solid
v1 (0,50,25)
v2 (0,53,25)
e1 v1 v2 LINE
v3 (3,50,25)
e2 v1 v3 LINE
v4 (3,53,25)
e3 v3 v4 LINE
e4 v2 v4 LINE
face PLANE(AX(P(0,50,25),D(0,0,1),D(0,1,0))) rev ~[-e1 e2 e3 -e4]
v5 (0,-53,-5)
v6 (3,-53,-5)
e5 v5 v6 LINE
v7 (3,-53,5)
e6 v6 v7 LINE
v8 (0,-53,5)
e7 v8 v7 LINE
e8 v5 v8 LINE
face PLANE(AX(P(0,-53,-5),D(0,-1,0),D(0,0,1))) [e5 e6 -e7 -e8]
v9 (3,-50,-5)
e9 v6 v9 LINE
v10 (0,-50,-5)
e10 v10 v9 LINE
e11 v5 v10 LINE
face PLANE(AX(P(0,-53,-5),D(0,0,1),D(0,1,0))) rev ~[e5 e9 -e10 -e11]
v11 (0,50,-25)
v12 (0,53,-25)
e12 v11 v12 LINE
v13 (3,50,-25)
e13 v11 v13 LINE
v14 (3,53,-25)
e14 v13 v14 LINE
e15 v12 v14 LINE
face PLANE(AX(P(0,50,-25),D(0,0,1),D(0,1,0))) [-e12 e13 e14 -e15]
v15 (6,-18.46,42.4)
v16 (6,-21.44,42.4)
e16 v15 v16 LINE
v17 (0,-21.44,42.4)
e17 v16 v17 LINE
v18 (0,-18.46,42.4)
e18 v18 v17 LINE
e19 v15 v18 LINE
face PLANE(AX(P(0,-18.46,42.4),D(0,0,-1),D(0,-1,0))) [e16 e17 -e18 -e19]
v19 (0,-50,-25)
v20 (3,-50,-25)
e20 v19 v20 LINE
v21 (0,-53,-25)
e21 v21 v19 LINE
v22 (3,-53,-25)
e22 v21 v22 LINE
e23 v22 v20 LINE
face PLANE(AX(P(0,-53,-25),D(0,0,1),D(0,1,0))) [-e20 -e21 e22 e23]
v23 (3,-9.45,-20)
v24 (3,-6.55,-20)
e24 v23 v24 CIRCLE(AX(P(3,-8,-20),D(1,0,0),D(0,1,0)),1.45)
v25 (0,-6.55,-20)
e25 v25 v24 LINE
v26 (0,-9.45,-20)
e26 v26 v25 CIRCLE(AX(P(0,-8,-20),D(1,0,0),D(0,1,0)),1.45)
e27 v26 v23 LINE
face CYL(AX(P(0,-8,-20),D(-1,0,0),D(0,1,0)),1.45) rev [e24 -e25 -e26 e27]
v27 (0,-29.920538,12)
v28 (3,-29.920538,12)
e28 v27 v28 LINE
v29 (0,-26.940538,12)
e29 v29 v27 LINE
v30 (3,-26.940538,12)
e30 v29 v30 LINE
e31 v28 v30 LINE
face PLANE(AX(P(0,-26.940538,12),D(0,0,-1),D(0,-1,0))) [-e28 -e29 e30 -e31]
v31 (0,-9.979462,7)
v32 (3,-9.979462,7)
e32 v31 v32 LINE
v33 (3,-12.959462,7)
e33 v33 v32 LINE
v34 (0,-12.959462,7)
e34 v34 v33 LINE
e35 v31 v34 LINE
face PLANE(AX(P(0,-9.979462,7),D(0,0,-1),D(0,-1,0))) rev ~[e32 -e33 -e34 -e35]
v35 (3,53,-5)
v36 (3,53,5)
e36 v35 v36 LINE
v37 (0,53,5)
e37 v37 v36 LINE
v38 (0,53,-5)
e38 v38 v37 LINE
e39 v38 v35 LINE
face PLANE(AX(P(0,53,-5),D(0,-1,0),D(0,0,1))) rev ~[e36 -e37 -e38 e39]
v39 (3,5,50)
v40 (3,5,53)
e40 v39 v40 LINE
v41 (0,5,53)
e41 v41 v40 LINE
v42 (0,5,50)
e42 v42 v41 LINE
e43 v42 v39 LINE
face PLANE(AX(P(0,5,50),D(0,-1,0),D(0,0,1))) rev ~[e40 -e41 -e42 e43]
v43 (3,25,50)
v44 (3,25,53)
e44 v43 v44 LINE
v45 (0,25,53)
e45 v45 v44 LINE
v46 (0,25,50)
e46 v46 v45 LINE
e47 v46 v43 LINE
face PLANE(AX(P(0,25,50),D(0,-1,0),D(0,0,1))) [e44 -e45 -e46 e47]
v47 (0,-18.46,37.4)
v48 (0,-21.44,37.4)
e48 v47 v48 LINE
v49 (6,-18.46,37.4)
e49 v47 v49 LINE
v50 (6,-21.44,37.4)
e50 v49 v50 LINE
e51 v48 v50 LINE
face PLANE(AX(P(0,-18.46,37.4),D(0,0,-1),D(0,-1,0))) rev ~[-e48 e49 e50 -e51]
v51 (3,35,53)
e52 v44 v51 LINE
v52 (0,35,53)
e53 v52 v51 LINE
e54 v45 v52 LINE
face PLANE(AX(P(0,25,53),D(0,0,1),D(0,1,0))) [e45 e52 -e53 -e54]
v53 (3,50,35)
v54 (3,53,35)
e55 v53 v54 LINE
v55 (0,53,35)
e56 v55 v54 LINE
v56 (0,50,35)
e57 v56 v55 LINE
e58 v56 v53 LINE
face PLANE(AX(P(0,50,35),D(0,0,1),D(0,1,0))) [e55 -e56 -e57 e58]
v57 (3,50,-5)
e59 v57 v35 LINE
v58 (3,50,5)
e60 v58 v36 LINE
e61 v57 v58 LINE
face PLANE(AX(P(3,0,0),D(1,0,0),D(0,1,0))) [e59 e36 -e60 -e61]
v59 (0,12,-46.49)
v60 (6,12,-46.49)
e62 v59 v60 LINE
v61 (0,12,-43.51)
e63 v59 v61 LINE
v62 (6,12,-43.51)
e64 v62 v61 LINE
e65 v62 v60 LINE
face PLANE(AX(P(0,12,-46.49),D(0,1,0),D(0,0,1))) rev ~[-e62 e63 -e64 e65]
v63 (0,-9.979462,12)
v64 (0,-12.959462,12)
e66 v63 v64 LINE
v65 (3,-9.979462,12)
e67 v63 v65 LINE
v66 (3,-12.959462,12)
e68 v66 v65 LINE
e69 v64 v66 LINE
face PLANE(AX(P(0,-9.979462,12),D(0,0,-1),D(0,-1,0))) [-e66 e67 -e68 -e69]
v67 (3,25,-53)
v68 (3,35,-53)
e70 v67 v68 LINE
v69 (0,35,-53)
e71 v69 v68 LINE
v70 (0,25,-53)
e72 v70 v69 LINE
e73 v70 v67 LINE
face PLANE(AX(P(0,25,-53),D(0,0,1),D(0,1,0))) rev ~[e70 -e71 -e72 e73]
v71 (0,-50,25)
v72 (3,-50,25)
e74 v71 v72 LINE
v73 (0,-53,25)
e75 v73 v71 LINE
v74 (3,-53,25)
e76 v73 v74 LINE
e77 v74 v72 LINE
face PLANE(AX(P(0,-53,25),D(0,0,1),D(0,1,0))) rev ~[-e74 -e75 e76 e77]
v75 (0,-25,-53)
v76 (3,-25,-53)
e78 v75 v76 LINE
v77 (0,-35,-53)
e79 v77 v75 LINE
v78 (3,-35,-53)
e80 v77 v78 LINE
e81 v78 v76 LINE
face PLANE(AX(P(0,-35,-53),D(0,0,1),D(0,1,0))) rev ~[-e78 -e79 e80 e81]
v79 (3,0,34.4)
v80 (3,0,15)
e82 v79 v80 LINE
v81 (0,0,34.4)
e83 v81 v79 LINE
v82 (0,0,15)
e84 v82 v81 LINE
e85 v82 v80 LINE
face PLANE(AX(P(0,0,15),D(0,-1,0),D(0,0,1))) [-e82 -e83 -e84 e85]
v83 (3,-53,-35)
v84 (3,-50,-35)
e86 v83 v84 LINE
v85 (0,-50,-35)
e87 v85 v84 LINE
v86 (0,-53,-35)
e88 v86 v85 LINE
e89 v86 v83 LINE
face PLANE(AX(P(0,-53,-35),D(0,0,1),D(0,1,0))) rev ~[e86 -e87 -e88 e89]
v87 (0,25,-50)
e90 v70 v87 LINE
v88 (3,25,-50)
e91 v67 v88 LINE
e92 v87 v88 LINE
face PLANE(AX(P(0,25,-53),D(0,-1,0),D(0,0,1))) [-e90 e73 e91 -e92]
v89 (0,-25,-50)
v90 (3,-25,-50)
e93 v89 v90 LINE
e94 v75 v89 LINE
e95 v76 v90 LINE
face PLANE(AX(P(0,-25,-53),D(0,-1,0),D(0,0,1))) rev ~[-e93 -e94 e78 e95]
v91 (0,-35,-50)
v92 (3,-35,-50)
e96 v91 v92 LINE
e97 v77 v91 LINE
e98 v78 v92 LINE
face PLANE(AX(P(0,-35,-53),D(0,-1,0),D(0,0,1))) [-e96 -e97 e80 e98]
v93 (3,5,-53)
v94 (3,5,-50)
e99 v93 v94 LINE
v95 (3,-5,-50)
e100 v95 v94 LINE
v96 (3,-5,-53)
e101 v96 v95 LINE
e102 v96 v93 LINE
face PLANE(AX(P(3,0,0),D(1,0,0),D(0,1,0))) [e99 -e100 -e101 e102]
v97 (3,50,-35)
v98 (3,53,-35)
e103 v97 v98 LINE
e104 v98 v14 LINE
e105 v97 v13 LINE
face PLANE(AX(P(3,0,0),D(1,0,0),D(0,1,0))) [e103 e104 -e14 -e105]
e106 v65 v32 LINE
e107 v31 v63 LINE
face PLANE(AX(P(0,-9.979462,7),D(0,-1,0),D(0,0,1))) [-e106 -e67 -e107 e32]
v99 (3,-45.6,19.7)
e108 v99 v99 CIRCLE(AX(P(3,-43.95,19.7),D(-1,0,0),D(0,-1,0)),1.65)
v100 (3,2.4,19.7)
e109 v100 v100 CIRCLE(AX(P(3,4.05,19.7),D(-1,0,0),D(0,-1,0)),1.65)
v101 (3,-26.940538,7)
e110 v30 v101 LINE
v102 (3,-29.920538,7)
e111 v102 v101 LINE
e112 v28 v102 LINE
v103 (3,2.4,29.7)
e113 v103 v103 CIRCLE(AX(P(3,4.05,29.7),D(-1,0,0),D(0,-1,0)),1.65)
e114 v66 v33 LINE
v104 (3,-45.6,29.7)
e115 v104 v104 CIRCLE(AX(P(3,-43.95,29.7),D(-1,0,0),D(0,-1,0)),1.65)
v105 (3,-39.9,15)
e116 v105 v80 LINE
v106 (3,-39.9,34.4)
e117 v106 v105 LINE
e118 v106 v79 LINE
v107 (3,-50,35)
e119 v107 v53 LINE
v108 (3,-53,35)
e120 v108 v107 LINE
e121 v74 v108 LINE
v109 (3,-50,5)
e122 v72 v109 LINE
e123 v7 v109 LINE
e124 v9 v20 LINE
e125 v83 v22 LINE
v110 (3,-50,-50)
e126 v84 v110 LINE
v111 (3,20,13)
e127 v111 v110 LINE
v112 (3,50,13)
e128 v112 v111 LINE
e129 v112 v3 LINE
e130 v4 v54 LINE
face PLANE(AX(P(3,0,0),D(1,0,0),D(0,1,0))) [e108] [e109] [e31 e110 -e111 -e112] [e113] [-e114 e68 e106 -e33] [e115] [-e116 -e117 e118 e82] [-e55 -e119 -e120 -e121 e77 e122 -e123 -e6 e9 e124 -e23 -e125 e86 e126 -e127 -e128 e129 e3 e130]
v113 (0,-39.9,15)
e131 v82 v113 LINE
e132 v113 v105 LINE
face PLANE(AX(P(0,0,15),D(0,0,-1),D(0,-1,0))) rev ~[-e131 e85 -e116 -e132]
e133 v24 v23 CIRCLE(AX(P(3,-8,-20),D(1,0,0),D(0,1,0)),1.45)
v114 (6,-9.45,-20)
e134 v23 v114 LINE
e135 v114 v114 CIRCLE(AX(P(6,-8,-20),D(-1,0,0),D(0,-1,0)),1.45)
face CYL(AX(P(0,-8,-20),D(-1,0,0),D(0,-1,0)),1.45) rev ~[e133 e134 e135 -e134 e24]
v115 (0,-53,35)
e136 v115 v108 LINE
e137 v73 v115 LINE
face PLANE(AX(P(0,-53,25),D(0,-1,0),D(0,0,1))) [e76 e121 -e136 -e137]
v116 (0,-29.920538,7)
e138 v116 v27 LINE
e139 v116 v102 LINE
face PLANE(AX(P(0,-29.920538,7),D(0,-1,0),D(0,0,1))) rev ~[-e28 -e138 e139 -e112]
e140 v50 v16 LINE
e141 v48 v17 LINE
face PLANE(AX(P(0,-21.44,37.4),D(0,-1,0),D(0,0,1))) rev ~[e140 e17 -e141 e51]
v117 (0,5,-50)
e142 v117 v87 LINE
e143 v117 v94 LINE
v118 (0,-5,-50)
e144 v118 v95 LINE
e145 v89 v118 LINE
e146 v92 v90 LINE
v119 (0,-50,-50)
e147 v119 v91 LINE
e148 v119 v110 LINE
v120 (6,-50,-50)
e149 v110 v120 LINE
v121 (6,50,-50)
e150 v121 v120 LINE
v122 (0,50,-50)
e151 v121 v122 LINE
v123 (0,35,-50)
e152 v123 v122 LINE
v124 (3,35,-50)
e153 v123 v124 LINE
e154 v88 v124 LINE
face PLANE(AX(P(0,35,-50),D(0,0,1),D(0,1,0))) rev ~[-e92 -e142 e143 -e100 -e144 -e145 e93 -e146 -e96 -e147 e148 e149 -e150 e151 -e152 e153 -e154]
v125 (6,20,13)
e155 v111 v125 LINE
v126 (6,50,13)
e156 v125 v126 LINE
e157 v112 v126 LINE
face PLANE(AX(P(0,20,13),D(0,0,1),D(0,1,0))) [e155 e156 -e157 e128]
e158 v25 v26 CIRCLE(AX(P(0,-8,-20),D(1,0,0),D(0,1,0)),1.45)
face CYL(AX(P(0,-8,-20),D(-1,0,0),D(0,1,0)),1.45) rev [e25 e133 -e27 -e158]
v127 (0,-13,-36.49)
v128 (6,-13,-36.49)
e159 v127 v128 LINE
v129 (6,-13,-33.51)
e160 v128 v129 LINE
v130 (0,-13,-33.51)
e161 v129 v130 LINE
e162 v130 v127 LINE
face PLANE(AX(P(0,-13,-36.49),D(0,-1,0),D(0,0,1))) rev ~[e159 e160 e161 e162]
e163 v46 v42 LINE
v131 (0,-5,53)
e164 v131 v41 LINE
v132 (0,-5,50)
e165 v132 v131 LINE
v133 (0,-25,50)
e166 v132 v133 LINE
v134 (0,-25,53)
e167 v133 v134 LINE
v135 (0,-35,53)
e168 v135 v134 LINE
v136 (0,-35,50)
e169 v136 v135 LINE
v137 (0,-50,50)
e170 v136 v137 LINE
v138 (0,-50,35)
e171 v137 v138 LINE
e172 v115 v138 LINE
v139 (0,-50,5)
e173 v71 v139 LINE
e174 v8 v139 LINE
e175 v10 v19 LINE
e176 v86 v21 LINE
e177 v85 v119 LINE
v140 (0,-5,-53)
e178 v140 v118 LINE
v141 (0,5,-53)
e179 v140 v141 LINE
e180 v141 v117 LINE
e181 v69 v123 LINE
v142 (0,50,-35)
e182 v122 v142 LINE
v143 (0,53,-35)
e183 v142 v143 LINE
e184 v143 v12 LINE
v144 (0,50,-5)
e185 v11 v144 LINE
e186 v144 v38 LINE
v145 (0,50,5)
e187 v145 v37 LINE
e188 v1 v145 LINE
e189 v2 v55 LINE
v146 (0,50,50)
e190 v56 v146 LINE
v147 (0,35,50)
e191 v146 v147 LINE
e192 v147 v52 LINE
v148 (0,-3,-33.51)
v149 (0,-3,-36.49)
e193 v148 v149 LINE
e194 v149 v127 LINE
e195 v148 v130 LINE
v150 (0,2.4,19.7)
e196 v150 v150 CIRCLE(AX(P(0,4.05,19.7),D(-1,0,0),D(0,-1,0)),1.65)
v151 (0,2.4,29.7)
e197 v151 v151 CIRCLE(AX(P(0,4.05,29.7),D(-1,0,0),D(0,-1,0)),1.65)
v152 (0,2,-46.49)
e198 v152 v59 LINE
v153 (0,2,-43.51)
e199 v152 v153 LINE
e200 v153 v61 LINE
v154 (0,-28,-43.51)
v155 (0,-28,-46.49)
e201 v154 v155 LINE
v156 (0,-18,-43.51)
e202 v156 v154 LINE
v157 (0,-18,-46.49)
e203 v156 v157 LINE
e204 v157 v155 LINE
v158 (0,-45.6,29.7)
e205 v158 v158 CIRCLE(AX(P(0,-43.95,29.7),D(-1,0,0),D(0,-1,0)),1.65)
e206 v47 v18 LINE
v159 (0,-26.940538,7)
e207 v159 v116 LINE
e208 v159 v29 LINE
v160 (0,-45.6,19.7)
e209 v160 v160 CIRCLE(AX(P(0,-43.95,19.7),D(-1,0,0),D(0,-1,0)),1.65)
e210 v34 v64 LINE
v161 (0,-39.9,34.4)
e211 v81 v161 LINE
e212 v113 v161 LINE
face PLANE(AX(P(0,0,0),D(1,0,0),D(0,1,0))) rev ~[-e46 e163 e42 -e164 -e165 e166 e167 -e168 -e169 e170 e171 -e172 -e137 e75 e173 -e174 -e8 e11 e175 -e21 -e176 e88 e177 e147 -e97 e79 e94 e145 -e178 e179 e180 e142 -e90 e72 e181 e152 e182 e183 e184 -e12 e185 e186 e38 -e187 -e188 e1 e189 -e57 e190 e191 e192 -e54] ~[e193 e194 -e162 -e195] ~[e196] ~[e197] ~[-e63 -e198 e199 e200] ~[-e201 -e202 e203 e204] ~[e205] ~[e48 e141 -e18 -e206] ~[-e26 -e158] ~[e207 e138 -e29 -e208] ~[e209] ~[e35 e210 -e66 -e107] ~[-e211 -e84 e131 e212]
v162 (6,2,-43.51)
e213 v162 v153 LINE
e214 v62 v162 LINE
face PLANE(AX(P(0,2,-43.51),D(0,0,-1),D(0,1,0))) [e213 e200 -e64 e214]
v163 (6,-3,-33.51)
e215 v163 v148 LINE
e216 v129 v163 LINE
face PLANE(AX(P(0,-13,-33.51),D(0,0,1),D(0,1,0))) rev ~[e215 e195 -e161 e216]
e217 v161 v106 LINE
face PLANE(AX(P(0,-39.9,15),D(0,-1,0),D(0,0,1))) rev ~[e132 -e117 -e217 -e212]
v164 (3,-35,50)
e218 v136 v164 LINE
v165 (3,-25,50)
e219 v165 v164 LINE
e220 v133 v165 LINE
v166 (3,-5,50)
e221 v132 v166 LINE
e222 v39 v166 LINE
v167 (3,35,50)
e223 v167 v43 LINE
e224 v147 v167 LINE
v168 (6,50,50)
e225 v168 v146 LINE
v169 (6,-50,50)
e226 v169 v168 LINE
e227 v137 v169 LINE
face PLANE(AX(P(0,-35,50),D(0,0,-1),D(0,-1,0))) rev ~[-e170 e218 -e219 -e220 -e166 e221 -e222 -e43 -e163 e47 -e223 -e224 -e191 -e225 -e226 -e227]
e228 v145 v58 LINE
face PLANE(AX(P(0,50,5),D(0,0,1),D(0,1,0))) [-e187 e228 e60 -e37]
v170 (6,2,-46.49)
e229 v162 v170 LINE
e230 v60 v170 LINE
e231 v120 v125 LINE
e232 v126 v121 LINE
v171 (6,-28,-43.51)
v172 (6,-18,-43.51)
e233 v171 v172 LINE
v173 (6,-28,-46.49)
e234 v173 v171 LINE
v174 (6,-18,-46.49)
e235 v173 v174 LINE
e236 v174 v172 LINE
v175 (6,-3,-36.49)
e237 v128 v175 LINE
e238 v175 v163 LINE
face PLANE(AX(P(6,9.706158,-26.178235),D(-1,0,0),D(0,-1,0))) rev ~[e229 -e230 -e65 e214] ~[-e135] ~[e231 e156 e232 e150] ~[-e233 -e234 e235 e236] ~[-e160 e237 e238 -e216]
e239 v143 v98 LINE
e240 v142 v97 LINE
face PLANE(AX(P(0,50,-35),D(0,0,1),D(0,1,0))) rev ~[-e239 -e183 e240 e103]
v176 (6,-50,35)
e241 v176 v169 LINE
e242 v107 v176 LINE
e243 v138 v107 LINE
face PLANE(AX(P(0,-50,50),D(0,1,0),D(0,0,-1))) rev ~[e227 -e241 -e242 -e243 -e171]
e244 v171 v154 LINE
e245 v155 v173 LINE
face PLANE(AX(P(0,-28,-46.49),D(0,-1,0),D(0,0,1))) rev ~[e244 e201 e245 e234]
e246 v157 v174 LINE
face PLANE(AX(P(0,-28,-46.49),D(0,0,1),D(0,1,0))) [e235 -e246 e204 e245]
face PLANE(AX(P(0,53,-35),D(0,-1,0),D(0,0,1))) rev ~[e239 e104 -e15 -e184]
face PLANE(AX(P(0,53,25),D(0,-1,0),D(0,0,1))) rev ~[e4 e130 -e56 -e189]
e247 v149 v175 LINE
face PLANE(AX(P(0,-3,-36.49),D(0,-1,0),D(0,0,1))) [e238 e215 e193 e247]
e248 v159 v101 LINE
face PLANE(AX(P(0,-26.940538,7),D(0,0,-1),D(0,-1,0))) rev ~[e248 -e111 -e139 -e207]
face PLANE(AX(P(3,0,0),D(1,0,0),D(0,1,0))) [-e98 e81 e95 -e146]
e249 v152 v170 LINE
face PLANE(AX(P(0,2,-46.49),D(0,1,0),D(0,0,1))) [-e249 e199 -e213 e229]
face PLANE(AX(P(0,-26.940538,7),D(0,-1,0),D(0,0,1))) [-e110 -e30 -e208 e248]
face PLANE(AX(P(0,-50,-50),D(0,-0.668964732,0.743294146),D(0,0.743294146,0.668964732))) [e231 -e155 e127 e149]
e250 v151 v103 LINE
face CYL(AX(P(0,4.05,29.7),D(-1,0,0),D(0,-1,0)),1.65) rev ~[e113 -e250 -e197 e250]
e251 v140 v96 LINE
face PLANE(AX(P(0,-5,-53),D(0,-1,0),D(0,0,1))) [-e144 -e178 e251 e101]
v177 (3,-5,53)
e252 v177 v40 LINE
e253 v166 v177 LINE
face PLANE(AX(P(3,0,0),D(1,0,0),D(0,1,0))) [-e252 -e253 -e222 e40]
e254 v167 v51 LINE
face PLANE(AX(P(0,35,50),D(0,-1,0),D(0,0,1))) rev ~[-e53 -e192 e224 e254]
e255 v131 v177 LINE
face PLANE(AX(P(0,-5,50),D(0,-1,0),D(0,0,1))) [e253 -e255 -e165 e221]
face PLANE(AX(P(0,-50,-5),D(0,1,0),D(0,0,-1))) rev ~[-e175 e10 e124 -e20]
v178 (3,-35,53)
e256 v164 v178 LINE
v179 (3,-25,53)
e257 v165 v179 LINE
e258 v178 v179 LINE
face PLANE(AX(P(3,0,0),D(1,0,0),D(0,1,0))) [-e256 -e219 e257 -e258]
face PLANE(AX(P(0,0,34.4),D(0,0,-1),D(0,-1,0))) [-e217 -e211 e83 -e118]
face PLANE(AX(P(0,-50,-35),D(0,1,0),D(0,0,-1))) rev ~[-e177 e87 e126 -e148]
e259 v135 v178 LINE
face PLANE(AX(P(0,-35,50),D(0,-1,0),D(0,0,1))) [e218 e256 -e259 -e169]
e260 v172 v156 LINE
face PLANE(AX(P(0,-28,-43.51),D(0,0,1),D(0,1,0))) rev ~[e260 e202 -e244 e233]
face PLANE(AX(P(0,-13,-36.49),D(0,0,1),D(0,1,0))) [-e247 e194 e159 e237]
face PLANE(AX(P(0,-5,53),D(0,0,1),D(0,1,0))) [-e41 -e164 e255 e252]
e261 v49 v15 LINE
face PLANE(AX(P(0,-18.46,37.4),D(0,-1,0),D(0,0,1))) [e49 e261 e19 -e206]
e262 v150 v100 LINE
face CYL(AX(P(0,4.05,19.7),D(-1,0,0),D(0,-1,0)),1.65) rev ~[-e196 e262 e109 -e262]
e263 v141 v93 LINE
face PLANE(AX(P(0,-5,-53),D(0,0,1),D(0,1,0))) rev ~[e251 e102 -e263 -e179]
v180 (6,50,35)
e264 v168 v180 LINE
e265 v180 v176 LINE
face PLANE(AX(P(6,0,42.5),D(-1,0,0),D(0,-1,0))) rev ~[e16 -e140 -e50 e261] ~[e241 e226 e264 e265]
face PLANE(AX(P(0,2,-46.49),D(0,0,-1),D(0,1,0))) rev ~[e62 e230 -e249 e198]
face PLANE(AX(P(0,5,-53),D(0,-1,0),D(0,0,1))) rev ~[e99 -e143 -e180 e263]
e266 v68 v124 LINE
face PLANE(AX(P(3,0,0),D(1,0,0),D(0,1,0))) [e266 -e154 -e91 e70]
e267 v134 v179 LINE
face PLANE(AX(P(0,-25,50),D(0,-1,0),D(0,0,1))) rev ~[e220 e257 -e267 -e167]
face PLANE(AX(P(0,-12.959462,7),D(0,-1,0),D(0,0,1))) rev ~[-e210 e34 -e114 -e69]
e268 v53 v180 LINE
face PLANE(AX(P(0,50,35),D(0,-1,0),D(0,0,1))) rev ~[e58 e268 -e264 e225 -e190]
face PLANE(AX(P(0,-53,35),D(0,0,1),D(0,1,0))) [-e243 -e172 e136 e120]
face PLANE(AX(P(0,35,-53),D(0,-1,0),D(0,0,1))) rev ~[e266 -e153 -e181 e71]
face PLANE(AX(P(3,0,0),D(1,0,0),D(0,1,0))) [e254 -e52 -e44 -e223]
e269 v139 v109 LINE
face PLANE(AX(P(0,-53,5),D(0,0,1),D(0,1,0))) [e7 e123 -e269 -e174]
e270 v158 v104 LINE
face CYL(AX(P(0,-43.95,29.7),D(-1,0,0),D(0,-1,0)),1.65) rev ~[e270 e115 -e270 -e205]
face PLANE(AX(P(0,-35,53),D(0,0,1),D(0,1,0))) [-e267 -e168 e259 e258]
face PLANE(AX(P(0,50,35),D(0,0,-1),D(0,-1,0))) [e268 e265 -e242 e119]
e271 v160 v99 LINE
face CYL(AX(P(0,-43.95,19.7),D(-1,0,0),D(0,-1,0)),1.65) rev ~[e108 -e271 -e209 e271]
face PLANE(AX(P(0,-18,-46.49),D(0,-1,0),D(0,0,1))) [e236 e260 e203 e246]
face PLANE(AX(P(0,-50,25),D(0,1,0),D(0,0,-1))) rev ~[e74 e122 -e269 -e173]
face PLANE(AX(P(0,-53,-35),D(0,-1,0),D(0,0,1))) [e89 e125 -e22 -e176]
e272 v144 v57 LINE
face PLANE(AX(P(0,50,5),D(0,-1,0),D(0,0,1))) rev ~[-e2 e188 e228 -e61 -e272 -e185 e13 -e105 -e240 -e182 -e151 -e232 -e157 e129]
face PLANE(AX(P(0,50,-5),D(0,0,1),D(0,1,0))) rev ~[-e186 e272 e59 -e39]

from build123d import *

# Parameters (mm, degrees)
F0_R     = 1.45
F0_W     = 10
F0_H     = 3
F0_W_2   = 3
F0_H_2   = 10
F1_DEPTH = 3
F2_R     = 1.65
F2_W     = 2.98
F2_H     = 5
F2_W_2   = 39.9
F2_H_2   = 19.4
F3_DEPTH = 25
F2_R_2   = 1.45
F4_DEPTH = 6
F5_W     = 10
F5_H     = 2.98
F6_DEPTH = 12.5


with BuildPart() as f1:
    # F0 (on Right) → F1 (new body)
    with BuildSketch(Plane.YZ):
        Polygon((-35, 50), (-50, 50), (-50, 35), (-47, 35), (-47, 25), (-50, 25), (-50, 5), (-47, 5), (-47, -5), (-50, -5), (-50, -25), (-47, -25), (-47, -35), (-50, -35), (-50, -50), (-35, -50), (-35, -47), (-25, -47), (-25, -50), (-5, -50), (-5, -47), (5, -47), (5, -50), (25, -50), (25, -47), (35, -47), (35, -50), (50, -50), (50, -35), (47, -35), (47, -25), (50, -25), (50, -5), (47, -5), (47, 5), (50, 5), (50, 25), (47, 25), (47, 35), (50, 35), (50, 50), (35, 50), (35, 47), (25, 47), (25, 50), (5, 50), (5, 47), (-5, 47), (-5, 50), (-25, 50), (-25, 47), (-35, 47), align=None)
        with Locations((-8, -20)):
            Circle(F0_R, mode=Mode.SUBTRACT)
        with Locations((-30, 51.5)):
            Rectangle(F0_W, F0_H)
        with Locations((-30, 48.5)):
            Rectangle(F0_W, F0_H)
        with Locations((-48.5, 30)):
            Rectangle(F0_W_2, F0_H_2)
        with Locations((-51.5, 30)):
            Rectangle(F0_W_2, F0_H_2)
        with Locations((0, 51.5)):
            Rectangle(F0_W, F0_H)
        with Locations((0, 48.5)):
            Rectangle(F0_W, F0_H)
        with Locations((-48.5, 0)):
            Rectangle(F0_W_2, F0_H_2)
        with Locations((-51.5, 0)):
            Rectangle(F0_W_2, F0_H_2)
        with Locations((30, 51.5)):
            Rectangle(F0_W, F0_H)
        with Locations((30, 48.5)):
            Rectangle(F0_W, F0_H)
        with Locations((-48.5, -30)):
            Rectangle(F0_W_2, F0_H_2)
        with Locations((-51.5, -30)):
            Rectangle(F0_W_2, F0_H_2)
        with Locations((51.5, 30)):
            Rectangle(F0_W_2, F0_H_2)
        with Locations((48.5, 30)):
            Rectangle(F0_W_2, F0_H_2)
        with Locations((-30, -48.5)):
            Rectangle(F0_W, F0_H)
        with Locations((-30, -51.5)):
            Rectangle(F0_W, F0_H)
        with Locations((51.5, 0)):
            Rectangle(F0_W_2, F0_H_2)
        with Locations((48.5, 0)):
            Rectangle(F0_W_2, F0_H_2)
        with Locations((0, -48.5)):
            Rectangle(F0_W, F0_H)
        with Locations((0, -51.5)):
            Rectangle(F0_W, F0_H)
        with Locations((51.5, -30)):
            Rectangle(F0_W_2, F0_H_2)
        with Locations((48.5, -30)):
            Rectangle(F0_W_2, F0_H_2)
        with Locations((30, -48.5)):
            Rectangle(F0_W, F0_H)
        with Locations((30, -51.5)):
            Rectangle(F0_W, F0_H)
    extrude(amount=F1_DEPTH)

    # F2 (on face) → F3 (cut)
    with BuildSketch(Plane(origin=(0, 0, 0), x_dir=(0, -1, 0), z_dir=(-1, 0, 0))):
        with Locations((-4.05, 29.7)):
            Circle(F2_R)
        with Locations((-4.05, 19.7)):
            Circle(F2_R)
        with Locations((43.95, 29.7)):
            Circle(F2_R)
        with Locations((43.95, 19.7)):
            Circle(F2_R)
        with Locations((11.4694618905, 9.5)):
            Rectangle(F2_W, F2_H)
        with Locations((28.4305381095, 9.5)):
            Rectangle(F2_W, F2_H)
        with Locations((19.95, 24.7)):
            Rectangle(F2_W_2, F2_H_2)
        with Locations((19.95, 39.9)):
            Rectangle(F2_W, F2_H)
    extrude(amount=-F3_DEPTH, mode=Mode.SUBTRACT)

    # F2 (on face) → F4 (join)
    with BuildSketch(Plane(origin=(0, 0, 0), x_dir=(0, -1, 0), z_dir=(-1, 0, 0))):
        Polygon((-50, 50), (-50, 35), (50, 35), (50, 50), (35, 50), (25, 50), (5, 50), (-5, 50), (-25, 50), (-35, 50), align=None)
        with Locations((19.95, 39.9)):
            Rectangle(F2_W, F2_H, mode=Mode.SUBTRACT)
        Polygon((-50, -35), (-50, -50), (-35, -50), (-25, -50), (-5, -50), (5, -50), (25, -50), (35, -50), (50, -50), (-20, 13), (-50, 13), (-50, 5), (-50, -5), (-50, -25), align=None)
        with Locations((8, -20)):
            Circle(F2_R_2, mode=Mode.SUBTRACT)
    extrude(amount=-F4_DEPTH)

    # F5 (on Right) → F6 (cut, symmetric)
    with BuildSketch(Plane.YZ):
        with Locations((-23, -45)):
            Rectangle(F5_W, F5_H)
        with Locations((-8, -35)):
            Rectangle(F5_W, F5_H)
        with Locations((7, -45)):
            Rectangle(F5_W, F5_H)
    extrude(amount=F6_DEPTH, both=True, mode=Mode.SUBTRACT)


solid = f1.part
